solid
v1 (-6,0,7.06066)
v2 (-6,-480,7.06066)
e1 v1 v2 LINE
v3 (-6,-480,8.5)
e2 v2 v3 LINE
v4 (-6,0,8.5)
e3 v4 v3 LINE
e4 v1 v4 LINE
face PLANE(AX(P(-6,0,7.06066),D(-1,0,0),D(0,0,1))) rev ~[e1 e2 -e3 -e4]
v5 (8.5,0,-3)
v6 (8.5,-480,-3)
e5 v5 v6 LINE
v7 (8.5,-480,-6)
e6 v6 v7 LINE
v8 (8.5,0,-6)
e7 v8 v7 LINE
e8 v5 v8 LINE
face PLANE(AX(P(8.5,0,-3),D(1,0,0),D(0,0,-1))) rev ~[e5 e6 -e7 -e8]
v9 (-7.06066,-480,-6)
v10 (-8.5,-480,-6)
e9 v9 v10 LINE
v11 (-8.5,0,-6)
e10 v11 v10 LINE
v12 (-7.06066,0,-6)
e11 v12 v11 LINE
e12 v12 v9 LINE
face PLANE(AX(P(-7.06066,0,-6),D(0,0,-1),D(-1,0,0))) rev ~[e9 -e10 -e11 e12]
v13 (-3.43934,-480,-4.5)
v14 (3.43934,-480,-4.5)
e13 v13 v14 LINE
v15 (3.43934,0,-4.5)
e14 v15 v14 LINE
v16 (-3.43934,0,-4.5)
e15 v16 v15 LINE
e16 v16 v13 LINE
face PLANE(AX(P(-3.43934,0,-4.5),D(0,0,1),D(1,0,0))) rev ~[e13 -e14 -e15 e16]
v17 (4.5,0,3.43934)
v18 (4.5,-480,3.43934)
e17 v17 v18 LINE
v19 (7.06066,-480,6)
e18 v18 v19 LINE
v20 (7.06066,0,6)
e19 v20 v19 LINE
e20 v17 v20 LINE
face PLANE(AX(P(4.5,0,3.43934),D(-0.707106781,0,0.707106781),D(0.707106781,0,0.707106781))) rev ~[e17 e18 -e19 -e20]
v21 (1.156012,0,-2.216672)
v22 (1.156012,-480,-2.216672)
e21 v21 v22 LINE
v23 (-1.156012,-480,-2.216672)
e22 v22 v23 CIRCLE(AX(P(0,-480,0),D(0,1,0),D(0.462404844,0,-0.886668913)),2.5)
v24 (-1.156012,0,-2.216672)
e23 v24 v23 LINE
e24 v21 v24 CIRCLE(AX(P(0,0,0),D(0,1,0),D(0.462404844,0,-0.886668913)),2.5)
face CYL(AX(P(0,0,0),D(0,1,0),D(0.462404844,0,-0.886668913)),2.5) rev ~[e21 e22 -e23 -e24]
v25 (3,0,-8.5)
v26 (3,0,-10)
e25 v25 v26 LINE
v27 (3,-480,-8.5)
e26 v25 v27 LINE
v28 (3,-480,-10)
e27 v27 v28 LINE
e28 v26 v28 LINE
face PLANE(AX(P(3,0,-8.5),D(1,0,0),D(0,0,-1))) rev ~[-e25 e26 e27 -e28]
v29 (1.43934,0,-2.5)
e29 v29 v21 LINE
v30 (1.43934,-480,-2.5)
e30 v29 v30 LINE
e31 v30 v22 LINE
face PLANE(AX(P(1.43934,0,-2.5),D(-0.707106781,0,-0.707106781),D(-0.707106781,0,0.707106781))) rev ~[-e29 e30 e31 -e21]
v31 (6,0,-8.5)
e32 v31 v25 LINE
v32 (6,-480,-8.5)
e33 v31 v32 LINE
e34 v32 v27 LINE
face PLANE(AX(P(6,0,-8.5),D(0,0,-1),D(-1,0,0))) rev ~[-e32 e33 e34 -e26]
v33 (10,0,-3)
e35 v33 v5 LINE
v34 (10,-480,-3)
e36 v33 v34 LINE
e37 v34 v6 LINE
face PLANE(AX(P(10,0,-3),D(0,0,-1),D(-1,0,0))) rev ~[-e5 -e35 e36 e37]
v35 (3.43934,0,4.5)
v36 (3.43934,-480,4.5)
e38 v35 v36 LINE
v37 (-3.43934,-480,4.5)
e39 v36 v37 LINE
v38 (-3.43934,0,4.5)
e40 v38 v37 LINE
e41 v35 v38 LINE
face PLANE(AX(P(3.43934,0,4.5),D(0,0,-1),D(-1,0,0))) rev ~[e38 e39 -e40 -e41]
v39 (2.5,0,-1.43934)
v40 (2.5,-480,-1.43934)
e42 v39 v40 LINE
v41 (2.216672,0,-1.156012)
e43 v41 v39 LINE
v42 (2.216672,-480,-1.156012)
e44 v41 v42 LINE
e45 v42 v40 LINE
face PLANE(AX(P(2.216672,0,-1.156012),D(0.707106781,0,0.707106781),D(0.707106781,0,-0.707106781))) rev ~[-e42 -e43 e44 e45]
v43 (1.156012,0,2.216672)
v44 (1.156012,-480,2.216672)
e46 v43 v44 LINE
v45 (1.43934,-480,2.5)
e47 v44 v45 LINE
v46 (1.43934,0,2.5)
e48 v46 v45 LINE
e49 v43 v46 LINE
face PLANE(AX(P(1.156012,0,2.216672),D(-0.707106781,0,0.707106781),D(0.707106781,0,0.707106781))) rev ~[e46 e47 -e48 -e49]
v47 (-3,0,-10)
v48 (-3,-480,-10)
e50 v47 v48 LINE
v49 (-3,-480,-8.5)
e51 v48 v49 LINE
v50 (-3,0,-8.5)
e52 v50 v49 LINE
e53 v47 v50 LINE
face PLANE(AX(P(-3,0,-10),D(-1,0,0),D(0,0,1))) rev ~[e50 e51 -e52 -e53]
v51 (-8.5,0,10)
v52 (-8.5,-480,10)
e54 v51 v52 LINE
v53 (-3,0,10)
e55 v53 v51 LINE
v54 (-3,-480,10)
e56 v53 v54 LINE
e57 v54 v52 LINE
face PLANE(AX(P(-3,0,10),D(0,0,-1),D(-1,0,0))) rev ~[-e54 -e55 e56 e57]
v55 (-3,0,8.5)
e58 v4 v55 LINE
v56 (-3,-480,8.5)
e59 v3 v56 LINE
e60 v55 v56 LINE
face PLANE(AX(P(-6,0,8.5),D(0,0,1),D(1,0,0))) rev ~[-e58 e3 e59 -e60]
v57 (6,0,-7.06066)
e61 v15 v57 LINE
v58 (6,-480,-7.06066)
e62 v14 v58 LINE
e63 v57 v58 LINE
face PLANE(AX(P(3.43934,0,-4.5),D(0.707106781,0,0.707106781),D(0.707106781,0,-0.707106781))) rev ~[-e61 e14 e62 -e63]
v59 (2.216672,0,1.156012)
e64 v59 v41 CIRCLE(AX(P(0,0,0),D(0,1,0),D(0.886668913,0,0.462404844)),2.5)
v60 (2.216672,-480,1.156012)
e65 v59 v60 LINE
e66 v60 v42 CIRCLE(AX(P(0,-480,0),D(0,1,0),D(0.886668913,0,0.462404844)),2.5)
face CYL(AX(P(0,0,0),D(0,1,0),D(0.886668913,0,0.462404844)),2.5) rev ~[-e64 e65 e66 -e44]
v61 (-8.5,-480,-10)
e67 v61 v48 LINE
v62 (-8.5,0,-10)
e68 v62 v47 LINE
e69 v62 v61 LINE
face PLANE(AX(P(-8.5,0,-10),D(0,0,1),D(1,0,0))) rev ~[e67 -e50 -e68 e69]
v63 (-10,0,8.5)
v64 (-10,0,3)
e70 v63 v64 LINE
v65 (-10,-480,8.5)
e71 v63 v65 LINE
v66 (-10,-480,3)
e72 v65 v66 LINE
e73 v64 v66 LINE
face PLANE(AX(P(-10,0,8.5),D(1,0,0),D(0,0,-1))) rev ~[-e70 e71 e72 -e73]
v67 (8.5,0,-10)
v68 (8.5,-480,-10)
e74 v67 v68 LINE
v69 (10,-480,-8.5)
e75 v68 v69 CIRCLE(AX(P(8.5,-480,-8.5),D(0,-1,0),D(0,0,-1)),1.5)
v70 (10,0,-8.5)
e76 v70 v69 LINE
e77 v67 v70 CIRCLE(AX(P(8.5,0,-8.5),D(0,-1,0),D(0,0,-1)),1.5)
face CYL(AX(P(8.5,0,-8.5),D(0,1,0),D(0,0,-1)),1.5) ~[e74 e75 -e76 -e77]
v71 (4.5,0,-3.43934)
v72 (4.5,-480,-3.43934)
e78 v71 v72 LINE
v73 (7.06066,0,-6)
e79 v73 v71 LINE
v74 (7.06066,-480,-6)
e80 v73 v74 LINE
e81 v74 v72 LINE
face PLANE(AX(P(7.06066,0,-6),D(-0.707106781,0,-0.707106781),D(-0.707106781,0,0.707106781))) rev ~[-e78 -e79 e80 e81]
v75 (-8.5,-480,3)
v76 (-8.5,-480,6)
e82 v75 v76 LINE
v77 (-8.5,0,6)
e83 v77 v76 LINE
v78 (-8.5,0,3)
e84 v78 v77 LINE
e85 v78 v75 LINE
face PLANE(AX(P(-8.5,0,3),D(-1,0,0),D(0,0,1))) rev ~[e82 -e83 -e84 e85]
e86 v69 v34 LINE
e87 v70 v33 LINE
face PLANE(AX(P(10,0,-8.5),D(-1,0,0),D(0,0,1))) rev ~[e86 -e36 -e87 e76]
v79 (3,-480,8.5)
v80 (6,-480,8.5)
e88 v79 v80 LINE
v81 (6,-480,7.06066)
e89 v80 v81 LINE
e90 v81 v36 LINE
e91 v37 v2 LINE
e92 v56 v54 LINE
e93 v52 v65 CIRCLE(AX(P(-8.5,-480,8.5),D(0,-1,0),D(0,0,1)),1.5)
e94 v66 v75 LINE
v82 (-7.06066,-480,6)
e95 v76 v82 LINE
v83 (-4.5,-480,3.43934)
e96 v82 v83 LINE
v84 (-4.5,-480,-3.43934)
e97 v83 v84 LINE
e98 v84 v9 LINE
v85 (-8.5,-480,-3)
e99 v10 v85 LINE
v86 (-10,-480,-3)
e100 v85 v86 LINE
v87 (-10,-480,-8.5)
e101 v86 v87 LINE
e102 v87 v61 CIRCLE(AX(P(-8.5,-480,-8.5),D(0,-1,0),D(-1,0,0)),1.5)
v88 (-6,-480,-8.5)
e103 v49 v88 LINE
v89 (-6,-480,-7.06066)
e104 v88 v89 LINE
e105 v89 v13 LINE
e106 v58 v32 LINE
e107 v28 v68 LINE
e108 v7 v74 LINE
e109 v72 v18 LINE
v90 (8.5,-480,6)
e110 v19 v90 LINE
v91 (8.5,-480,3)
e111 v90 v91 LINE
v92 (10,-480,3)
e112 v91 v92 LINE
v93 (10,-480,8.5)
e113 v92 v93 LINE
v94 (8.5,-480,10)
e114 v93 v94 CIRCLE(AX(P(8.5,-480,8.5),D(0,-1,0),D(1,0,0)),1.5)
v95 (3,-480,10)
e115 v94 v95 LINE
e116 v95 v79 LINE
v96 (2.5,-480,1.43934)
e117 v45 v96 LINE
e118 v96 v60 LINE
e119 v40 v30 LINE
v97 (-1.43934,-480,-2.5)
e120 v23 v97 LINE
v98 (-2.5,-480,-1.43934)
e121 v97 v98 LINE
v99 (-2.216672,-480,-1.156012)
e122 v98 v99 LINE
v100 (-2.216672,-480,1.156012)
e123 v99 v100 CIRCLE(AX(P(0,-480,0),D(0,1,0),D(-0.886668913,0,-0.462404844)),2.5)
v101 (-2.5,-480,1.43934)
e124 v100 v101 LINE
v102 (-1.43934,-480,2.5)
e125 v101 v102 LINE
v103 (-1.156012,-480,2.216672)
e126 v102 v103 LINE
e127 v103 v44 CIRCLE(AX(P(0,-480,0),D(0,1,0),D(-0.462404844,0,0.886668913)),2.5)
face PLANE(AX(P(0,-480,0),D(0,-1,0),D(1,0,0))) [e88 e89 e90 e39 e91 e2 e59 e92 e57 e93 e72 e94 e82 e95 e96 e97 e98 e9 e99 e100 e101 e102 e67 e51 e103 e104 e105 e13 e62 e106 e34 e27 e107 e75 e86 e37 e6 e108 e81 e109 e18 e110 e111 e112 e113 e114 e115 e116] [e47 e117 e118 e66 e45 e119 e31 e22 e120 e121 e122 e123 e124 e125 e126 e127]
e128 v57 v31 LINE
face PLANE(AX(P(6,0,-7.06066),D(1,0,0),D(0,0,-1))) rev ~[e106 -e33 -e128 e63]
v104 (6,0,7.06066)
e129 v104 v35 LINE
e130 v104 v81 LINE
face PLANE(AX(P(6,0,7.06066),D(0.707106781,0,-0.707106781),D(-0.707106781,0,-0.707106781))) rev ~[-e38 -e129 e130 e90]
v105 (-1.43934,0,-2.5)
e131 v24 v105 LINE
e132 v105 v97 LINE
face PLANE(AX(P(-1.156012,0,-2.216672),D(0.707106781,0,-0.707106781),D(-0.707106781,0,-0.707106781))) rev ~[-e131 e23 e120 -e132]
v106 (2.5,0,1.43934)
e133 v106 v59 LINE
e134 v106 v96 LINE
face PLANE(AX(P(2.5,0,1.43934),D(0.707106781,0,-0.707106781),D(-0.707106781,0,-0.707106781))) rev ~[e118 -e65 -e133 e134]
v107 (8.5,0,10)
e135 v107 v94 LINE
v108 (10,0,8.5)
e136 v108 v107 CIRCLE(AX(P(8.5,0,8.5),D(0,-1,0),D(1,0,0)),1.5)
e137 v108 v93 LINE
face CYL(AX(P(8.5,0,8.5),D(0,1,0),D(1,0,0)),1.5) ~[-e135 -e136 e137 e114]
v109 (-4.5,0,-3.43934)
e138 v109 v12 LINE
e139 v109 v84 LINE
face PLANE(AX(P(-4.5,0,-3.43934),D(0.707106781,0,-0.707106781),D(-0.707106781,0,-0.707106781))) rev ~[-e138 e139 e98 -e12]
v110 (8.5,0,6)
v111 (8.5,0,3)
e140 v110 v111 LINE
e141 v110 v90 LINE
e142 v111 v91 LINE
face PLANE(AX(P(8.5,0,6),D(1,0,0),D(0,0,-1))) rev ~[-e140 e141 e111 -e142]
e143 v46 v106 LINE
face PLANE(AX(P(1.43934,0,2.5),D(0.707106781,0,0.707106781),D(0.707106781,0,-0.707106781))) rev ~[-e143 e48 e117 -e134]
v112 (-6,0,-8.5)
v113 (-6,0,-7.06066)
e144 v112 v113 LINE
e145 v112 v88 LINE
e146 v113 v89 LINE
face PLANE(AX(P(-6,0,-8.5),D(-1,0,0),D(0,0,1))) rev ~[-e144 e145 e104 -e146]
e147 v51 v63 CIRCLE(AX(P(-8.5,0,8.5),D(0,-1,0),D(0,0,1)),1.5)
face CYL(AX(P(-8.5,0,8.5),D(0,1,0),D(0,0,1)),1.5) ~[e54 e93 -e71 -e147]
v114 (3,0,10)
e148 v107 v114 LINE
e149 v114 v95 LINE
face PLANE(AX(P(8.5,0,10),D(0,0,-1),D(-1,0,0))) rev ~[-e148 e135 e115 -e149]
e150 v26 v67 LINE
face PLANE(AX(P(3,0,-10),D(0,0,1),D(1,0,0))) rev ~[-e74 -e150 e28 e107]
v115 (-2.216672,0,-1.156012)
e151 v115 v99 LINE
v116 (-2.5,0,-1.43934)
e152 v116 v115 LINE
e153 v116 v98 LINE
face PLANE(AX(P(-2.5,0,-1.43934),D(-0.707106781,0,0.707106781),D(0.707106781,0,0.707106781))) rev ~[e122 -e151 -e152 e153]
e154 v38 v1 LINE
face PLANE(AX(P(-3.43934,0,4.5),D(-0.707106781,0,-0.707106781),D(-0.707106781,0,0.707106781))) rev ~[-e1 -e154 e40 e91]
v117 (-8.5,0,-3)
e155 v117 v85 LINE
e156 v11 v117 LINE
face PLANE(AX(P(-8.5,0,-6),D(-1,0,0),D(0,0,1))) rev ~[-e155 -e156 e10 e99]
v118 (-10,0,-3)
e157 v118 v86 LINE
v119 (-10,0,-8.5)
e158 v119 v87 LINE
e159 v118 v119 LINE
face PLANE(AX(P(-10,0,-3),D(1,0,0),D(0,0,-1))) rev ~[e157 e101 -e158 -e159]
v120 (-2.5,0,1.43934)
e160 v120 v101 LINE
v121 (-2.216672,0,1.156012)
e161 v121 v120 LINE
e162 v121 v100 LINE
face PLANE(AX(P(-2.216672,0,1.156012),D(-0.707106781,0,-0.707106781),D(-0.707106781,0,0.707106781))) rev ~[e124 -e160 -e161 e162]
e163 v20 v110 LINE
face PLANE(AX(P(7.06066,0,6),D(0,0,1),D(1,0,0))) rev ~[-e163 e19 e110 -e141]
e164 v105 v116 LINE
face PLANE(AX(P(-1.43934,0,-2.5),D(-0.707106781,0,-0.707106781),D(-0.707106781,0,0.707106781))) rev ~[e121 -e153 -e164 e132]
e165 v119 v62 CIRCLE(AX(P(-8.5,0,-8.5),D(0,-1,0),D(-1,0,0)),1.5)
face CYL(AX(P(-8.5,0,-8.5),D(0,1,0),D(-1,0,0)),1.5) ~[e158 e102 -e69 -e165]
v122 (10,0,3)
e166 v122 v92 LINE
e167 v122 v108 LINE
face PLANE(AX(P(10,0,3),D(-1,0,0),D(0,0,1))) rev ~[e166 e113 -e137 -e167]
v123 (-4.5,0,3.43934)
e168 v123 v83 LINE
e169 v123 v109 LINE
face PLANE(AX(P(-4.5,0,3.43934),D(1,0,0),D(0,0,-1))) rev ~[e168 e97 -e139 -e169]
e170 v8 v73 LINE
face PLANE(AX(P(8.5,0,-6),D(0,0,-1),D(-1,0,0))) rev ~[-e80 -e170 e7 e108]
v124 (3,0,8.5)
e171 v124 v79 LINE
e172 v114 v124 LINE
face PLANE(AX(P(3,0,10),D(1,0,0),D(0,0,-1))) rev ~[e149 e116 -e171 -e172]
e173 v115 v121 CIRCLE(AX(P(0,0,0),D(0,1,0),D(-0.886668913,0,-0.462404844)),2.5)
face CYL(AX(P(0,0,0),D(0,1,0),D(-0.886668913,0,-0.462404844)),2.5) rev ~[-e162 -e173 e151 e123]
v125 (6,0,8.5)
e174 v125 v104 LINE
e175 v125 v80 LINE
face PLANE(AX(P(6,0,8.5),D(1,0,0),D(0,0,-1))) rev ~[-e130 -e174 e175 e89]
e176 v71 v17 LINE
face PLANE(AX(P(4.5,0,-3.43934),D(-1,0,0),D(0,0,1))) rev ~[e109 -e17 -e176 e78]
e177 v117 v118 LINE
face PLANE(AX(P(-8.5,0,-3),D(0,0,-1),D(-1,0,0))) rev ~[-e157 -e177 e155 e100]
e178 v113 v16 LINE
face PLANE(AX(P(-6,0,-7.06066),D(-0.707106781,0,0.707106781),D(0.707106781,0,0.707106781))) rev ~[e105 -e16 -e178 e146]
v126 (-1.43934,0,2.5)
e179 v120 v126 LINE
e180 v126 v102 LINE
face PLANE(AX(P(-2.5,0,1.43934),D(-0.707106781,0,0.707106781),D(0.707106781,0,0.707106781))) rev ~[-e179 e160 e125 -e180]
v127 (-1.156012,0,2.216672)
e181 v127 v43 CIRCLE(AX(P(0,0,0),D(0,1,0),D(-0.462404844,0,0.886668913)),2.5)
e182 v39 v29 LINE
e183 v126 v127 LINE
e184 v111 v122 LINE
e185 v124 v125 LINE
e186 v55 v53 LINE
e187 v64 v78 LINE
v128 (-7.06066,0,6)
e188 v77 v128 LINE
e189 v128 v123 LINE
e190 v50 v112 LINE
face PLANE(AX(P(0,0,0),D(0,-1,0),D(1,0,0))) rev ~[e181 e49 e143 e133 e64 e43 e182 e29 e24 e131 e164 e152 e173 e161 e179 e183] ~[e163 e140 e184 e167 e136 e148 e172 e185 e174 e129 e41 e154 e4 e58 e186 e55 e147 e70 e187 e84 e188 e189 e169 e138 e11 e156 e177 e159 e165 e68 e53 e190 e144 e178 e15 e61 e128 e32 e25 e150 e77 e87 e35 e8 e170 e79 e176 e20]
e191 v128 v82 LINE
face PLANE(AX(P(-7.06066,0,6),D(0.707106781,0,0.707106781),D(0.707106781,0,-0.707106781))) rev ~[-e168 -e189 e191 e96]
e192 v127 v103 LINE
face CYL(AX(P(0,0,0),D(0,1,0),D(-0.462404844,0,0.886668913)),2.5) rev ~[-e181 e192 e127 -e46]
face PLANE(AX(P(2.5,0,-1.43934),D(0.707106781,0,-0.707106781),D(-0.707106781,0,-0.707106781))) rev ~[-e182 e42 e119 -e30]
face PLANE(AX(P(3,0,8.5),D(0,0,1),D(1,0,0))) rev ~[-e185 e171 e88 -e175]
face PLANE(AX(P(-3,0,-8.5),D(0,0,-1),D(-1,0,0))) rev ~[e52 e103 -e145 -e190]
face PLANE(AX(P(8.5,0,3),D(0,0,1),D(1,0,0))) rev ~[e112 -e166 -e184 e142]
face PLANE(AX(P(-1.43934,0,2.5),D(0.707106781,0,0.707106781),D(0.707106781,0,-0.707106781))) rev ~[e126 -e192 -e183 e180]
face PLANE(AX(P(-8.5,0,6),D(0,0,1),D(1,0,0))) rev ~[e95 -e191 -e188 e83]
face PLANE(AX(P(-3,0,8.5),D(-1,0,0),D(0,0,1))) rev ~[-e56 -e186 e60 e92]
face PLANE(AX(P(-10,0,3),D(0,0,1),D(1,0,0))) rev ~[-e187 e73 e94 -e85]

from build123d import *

# Parameters (mm, degrees)
F1_DEPTH = 480


with BuildPart() as f1:
    # F0 (on Front) → F1 (new body)
    with BuildSketch(Plane.XZ):
        with BuildLine():
            Line((3, -10), (8.5, -10))
            ThreePointArc((8.5, -10), (9.5606601718, -9.5606601718), (10, -8.5))
            Line((10, -8.5), (10, -3))
            Line((10, -3), (8.5, -3))
            Line((8.5, -3), (8.5, -6))
            Line((8.5, -6), (7.0606601718, -6))
            Line((7.0606601718, -6), (4.5, -3.4393398282))
            Line((4.5, -3.4393398282), (4.5, 3.4393398282))
            Line((4.5, 3.4393398282), (7.0606601718, 6))
            Line((7.0606601718, 6), (8.5, 6))
            Line((8.5, 6), (8.5, 3))
            Line((8.5, 3), (10, 3))
            Line((10, 3), (10, 8.5))
            ThreePointArc((10, 8.5), (9.5606601718, 9.5606601718), (8.5, 10))
            Line((8.5, 10), (3, 10))
            Line((3, 10), (3, 8.5))
            Line((3, 8.5), (6, 8.5))
            Line((6, 8.5), (6, 7.0606601718))
            Line((6, 7.0606601718), (3.4393398282, 4.5))
            Line((3.4393398282, 4.5), (-3.4393398282, 4.5))
            Line((-3.4393398282, 4.5), (-6, 7.0606601718))
            Line((-6, 7.0606601718), (-6, 8.5))
            Line((-6, 8.5), (-3, 8.5))
            Line((-3, 8.5), (-3, 10))
            Line((-3, 10), (-8.5, 10))
            ThreePointArc((-8.5, 10), (-9.5606601718, 9.5606601718), (-10, 8.5))
            Line((-10, 8.5), (-10, 3))
            Line((-10, 3), (-8.5, 3))
            Line((-8.5, 3), (-8.5, 6))
            Line((-8.5, 6), (-7.0606601718, 6))
            Line((-7.0606601718, 6), (-4.5, 3.4393398282))
            Line((-4.5, 3.4393398282), (-4.5, -3.4393398282))
            Line((-4.5, -3.4393398282), (-7.0606601718, -6))
            Line((-7.0606601718, -6), (-8.5, -6))
            Line((-8.5, -6), (-8.5, -3))
            Line((-8.5, -3), (-10, -3))
            Line((-10, -3), (-10, -8.5))
            ThreePointArc((-10, -8.5), (-9.5606601718, -9.5606601718), (-8.5, -10))
            Line((-8.5, -10), (-3, -10))
            Line((-3, -10), (-3, -8.5))
            Line((-3, -8.5), (-6, -8.5))
            Line((-6, -8.5), (-6, -7.0606601718))
            Line((-6, -7.0606601718), (-3.4393398282, -4.5))
            Line((-3.4393398282, -4.5), (3.4393398282, -4.5))
            Line((3.4393398282, -4.5), (6, -7.0606601718))
            Line((6, -7.0606601718), (6, -8.5))
            Line((6, -8.5), (3, -8.5))
            Line((3, -8.5), (3, -10))
        make_face()
        with BuildLine():
            ThreePointArc((-1.1560121095, 2.2166722813), (0, 2.5), (1.1560121095, 2.2166722813))
            Line((1.1560121095, 2.2166722813), (1.4393398282, 2.5))
            Line((1.4393398282, 2.5), (2.5, 1.4393398282))
            Line((2.5, 1.4393398282), (2.2166722813, 1.1560121095))
            ThreePointArc((2.2166722813, 1.1560121095), (2.5, 0), (2.2166722813, -1.1560121095))
            Line((2.2166722813, -1.1560121095), (2.5, -1.4393398282))
            Line((2.5, -1.4393398282), (1.4393398282, -2.5))
            Line((1.4393398282, -2.5), (1.1560121095, -2.2166722813))
            ThreePointArc((1.1560121095, -2.2166722813), (0, -2.5), (-1.1560121095, -2.2166722813))
            Line((-1.1560121095, -2.2166722813), (-1.4393398282, -2.5))
            Line((-1.4393398282, -2.5), (-2.5, -1.4393398282))
            Line((-2.5, -1.4393398282), (-2.2166722813, -1.1560121095))
            ThreePointArc((-2.2166722813, -1.1560121095), (-2.5, 0), (-2.2166722813, 1.1560121095))
            Line((-2.2166722813, 1.1560121095), (-2.5, 1.4393398282))
            Line((-2.5, 1.4393398282), (-1.4393398282, 2.5))
            Line((-1.4393398282, 2.5), (-1.1560121095, 2.2166722813))
        make_face(mode=Mode.SUBTRACT)
    extrude(amount=F1_DEPTH)


solid = f1.part
